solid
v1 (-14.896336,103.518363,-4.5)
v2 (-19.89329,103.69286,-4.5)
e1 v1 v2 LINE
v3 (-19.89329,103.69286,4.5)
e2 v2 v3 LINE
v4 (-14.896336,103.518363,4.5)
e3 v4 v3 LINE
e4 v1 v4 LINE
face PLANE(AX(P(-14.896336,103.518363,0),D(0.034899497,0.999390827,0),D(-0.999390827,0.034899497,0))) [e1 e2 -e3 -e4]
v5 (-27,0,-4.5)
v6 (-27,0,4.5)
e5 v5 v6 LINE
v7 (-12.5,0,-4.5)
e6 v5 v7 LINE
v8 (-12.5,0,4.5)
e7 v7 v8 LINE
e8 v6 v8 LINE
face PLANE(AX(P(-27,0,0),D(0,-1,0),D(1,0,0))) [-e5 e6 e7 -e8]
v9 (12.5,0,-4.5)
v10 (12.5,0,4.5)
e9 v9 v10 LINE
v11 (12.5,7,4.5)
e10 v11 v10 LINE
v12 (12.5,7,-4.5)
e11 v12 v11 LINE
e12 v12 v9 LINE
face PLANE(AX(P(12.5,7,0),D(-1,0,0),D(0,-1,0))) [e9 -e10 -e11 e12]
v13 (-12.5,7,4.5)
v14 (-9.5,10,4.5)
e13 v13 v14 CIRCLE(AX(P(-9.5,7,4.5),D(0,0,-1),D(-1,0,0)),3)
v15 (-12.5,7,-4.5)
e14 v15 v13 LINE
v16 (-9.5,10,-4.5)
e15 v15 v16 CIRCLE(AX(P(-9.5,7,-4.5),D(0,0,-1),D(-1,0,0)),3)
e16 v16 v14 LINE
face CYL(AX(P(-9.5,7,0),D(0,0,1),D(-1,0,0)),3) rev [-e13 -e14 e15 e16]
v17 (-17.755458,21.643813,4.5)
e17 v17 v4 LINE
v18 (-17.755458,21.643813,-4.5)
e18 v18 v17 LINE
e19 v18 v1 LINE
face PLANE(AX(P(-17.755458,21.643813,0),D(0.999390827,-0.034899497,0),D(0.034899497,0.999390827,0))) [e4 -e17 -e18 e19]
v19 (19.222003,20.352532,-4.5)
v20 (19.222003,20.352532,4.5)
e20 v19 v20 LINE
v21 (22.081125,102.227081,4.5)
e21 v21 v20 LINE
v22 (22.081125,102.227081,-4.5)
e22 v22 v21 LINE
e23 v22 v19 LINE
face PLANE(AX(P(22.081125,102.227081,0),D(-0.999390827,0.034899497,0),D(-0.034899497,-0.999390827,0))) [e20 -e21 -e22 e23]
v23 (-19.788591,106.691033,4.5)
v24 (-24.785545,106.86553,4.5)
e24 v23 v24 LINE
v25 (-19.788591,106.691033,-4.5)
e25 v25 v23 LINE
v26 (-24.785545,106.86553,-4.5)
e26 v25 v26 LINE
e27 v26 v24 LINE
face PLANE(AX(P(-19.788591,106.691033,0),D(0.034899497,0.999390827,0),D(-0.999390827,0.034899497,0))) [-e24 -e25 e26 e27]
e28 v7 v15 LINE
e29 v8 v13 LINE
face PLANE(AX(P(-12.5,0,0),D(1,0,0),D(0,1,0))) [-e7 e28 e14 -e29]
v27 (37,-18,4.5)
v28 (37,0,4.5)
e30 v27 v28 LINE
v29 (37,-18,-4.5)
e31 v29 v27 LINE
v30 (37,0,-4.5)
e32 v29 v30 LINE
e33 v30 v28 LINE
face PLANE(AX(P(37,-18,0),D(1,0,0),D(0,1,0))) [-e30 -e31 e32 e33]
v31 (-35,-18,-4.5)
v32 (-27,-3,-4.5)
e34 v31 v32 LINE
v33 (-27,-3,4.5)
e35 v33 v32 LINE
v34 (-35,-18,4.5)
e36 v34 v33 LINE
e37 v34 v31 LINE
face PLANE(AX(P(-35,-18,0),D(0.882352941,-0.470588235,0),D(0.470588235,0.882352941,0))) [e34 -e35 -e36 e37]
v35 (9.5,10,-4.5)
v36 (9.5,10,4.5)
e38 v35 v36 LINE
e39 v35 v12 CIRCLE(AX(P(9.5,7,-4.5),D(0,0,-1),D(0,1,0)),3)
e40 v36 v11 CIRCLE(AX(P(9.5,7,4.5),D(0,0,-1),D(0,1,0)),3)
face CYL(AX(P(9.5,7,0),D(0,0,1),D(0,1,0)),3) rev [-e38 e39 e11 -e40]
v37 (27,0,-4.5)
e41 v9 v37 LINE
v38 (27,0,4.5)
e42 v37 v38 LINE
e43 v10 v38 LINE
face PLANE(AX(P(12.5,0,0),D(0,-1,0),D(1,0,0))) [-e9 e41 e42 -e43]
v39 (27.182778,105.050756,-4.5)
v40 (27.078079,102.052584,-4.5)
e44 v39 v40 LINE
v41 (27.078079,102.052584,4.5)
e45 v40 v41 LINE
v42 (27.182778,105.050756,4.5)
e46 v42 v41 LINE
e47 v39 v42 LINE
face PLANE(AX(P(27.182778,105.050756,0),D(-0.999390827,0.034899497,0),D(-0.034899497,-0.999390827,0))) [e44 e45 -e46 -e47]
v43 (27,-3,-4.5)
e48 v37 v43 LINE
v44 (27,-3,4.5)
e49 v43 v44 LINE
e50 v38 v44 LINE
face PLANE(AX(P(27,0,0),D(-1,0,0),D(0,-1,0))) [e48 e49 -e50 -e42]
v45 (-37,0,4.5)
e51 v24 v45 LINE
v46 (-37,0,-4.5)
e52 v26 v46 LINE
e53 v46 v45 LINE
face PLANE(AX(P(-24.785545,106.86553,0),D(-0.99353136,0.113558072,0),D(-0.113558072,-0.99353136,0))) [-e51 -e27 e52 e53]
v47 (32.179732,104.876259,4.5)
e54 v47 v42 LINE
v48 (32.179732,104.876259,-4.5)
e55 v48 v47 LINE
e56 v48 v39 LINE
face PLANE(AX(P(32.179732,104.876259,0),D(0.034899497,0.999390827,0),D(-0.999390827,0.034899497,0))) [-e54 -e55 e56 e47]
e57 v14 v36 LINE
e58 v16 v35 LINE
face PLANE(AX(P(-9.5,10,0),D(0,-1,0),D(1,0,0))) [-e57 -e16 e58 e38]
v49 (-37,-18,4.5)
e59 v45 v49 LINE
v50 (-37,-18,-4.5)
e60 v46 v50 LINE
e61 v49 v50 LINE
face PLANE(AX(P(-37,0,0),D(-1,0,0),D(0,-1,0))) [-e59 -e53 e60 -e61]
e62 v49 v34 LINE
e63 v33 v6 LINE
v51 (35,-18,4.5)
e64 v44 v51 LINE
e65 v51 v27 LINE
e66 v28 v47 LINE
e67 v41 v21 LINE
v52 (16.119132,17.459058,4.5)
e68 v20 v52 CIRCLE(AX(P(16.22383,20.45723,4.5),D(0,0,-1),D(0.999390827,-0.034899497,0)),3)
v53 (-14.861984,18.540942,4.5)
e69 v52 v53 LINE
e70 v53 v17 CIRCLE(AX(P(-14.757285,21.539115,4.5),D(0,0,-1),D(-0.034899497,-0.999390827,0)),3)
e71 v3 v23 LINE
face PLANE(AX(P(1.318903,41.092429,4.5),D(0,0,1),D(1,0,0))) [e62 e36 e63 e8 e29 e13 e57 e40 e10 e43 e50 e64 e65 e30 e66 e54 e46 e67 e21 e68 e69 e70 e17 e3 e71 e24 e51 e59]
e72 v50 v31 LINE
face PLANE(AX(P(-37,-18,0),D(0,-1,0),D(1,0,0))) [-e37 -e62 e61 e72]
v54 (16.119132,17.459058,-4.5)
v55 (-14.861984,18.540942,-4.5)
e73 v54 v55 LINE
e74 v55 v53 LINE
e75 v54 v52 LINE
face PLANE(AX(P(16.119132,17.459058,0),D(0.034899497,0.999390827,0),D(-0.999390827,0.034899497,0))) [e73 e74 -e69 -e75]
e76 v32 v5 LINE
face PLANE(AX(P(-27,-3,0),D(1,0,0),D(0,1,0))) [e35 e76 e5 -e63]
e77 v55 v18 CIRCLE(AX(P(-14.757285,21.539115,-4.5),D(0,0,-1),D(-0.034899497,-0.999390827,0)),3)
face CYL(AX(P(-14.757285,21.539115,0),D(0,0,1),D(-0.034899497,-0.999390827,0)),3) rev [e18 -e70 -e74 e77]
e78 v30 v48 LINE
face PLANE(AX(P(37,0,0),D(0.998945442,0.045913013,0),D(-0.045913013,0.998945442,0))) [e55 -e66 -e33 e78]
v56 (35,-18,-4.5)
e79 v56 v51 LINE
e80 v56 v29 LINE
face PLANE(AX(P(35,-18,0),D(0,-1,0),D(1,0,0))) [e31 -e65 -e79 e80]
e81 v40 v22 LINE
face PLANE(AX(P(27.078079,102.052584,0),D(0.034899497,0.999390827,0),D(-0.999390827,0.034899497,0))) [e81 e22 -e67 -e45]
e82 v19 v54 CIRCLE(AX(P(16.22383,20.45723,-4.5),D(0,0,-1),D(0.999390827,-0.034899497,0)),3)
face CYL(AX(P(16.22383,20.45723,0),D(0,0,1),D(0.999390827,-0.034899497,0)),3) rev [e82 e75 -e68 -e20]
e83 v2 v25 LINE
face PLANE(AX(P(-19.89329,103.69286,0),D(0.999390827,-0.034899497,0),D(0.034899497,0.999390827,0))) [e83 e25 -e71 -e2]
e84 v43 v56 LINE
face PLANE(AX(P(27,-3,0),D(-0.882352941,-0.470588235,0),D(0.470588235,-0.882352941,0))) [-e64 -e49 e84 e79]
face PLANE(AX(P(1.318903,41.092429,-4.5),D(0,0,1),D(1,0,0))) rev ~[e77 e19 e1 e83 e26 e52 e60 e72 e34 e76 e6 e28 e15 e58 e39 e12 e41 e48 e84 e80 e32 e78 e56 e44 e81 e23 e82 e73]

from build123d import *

# Parameters (mm, degrees)
F1_DEPTH = 4.5


with BuildPart() as f1:
    # F0 (on Top) → F1 (new body, symmetric)
    with BuildSketch(Plane.XY):
        with BuildLine():
            Line((-27, -3), (-27, 0))
            Line((-27, 0), (-12.5, 0))
            Line((-12.5, 0), (-12.5, 7))
            ThreePointArc((-12.5, 7), (-11.6213203436, 9.1213203436), (-9.5, 10))
            Line((-9.5, 10), (9.5, 10))
            ThreePointArc((9.5, 10), (11.6213203436, 9.1213203436), (12.5, 7))
            Line((12.5, 7), (12.5, 0))
            Line((12.5, 0), (27, 0))
            Line((27, 0), (27, -3))
            Line((27, -3), (35, -18))
            Line((35, -18), (37, -18))
            Line((37, -18), (37, 0))
            Line((37, 0), (32.1797316785, 104.8762590077))
            Line((32.1797316785, 104.8762590077), (27.1827775434, 105.0507564913))
            Line((27.1827775434, 105.0507564913), (27.0780790533, 102.0525840102))
            Line((27.0780790533, 102.0525840102), (22.0811249182, 102.2270814937))
            Line((22.0811249182, 102.2270814937), (19.2220026408, 20.3525317921))
            ThreePointArc((19.2220026408, 20.3525317921), (18.2698252399, 18.2631691773), (16.1191316696, 17.4590578011))
            Line((16.1191316696, 17.4590578011), (-14.8619839679, 18.5409421989))
            ThreePointArc((-14.8619839679, 18.5409421989), (-16.9513465827, 19.4931195998), (-17.7554579589, 21.6438131701))
            Line((-17.7554579589, 21.6438131701), (-14.8963356815, 103.5183628717))
            Line((-14.8963356815, 103.5183628717), (-19.8932898166, 103.6928603552))
            Line((-19.8932898166, 103.6928603552), (-19.7885913265, 106.6910328363))
            Line((-19.7885913265, 106.6910328363), (-24.7855454616, 106.8655303198))
            Line((-24.7855454616, 106.8655303198), (-37, 0))
            Line((-37, 0), (-37, -18))
            Line((-37, -18), (-35, -18))
            Line((-35, -18), (-27, -3))
        make_face()
    extrude(amount=F1_DEPTH, both=True)


solid = f1.part
